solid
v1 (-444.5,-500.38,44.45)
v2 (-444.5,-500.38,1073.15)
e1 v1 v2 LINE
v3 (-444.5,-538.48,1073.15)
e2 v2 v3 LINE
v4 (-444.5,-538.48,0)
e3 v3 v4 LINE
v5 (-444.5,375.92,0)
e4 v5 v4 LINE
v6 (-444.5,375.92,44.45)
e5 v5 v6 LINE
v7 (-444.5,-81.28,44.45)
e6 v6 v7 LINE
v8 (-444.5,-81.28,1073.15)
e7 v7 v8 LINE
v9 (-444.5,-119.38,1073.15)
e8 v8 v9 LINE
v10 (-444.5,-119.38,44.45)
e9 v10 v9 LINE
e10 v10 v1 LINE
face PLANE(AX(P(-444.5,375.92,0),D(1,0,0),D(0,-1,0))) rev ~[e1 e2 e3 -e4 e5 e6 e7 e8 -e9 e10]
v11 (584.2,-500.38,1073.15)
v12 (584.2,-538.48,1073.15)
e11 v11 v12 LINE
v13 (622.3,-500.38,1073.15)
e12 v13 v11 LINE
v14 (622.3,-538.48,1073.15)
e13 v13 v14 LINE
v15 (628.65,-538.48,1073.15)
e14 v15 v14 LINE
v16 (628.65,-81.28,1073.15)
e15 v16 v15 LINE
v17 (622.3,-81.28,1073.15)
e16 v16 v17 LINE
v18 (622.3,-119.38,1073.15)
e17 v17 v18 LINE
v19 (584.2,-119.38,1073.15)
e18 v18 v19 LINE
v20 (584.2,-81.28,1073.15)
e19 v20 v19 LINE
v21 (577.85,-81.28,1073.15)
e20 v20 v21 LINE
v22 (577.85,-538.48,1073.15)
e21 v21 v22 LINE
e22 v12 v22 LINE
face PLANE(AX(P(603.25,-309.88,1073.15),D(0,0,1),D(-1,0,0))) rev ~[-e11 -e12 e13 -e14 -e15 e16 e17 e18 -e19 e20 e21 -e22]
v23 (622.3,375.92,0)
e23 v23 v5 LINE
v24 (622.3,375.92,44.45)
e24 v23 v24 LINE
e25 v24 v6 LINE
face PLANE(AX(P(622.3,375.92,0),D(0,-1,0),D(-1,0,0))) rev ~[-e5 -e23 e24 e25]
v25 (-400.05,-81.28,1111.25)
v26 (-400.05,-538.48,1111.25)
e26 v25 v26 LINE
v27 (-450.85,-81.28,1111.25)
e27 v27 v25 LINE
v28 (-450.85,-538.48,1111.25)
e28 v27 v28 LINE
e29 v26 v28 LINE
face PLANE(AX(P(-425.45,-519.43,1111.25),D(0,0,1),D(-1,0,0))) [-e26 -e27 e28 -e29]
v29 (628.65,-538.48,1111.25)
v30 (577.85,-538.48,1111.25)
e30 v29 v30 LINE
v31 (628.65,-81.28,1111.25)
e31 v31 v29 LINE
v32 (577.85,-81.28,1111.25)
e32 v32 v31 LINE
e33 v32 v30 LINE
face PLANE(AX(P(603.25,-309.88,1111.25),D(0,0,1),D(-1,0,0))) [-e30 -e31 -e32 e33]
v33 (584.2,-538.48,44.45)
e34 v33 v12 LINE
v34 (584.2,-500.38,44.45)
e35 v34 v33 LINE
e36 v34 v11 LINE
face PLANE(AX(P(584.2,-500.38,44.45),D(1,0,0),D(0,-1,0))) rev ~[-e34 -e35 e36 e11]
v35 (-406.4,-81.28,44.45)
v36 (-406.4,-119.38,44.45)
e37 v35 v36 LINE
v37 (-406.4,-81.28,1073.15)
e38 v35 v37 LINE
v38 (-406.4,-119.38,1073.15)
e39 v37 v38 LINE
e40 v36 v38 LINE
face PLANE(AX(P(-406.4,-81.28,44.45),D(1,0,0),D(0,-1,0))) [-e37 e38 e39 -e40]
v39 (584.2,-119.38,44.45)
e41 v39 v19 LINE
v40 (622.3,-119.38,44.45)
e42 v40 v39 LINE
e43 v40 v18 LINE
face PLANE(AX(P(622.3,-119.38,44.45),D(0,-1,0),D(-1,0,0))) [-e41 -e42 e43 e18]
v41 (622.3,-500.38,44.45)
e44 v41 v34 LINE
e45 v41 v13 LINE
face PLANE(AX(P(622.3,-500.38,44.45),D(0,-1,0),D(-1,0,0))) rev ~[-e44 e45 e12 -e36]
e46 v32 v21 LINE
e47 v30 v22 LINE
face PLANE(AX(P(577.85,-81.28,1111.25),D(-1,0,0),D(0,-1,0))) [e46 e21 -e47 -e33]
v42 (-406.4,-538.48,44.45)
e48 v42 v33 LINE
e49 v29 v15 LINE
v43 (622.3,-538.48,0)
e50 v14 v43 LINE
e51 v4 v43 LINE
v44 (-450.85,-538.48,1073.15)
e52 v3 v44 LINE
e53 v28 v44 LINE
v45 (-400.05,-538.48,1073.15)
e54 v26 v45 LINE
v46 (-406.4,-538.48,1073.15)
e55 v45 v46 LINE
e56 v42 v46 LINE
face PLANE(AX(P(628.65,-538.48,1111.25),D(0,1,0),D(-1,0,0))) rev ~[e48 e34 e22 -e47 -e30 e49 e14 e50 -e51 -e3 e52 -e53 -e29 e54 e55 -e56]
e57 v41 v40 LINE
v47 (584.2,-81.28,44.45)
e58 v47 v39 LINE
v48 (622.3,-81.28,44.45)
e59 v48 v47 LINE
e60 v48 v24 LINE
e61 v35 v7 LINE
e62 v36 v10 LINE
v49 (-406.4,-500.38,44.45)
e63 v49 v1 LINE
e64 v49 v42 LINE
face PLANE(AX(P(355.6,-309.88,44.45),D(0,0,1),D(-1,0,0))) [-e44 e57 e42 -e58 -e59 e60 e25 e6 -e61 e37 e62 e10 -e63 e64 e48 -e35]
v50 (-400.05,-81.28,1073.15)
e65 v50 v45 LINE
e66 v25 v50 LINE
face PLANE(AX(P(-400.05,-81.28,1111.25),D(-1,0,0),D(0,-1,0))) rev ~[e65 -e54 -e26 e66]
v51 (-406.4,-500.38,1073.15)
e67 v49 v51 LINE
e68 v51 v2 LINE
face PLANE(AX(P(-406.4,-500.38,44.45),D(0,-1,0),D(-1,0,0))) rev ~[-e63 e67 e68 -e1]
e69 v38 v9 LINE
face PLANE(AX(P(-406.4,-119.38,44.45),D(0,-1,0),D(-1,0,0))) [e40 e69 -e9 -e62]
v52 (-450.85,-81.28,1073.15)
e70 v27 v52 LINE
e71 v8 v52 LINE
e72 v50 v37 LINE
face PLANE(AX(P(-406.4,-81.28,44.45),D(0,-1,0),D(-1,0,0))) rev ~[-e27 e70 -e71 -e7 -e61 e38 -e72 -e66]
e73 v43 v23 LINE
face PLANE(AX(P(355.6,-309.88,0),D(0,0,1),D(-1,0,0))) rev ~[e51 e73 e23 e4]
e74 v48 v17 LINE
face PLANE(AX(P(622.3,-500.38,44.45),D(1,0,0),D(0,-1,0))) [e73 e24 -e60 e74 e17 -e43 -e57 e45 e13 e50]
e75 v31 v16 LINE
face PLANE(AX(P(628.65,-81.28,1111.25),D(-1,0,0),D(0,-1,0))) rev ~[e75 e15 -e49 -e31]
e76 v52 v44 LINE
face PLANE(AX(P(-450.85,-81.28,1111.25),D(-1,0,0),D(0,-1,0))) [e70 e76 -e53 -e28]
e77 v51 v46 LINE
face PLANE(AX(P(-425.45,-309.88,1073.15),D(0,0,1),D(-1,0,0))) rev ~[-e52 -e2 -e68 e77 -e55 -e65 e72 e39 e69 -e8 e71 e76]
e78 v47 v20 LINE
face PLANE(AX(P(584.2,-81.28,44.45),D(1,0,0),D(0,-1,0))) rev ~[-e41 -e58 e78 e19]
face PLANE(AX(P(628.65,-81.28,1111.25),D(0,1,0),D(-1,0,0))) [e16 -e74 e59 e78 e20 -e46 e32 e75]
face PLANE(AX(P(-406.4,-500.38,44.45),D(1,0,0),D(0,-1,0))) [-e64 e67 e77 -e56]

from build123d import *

# Parameters (mm, degrees)
F0_W     = 533.4
F0_H     = 457.2
F1_DEPTH = 44.45
F2_W     = 38.1
F2_H     = 38.1
F3_DEPTH = 1066.8
F4_W     = 50.8
F4_H     = 457.2
F5_DEPTH = 38.1
F6_ANGLE = 180


with BuildPart() as f1:
    # F0 (on Top) → F1 (new body)
    with BuildSketch(Plane.XY):
        with Locations((-266.7, 228.6)):
            Rectangle(F0_W, F0_H)
        with Locations((266.7, 228.6)):
            Rectangle(F0_W, F0_H)
        with Locations((-266.7, -228.6)):
            Rectangle(F0_W, F0_H)
        with Locations((266.7, -228.6)):
            Rectangle(F0_W, F0_H)
    extrude(amount=F1_DEPTH)

    # F2 (on face) → F3 (join)
    with BuildSketch(Plane.XY.offset(44.45)):
        with Locations((-514.35, 438.15)):
            Rectangle(F2_W, F2_H)
        with Locations((514.35, 438.15)):
            Rectangle(F2_W, F2_H)
        with Locations((-514.35, 19.05)):
            Rectangle(F2_W, F2_H)
        with Locations((514.35, 19.05)):
            Rectangle(F2_W, F2_H)
    extrude(amount=F3_DEPTH)

    # F4 (on face) → F5 (join)
    with BuildSketch(Plane.XY.offset(1111.25)):
        with Locations((-514.35, 228.6)):
            Rectangle(F4_W, F4_H)
        with Locations((514.35, 228.6)):
            Rectangle(F4_W, F4_H)
    extrude(amount=-F5_DEPTH)


with BuildPart() as f1_1:
    # F6: moved
    add(f1.part.rotate(Axis((-533.4, -457.2, 22.225), (0, 0, 1)), F6_ANGLE))


with BuildPart() as f1_2:
    # F7: moved
    add(f1_1.part.moved(Location((1155.7, 833.12, 0))))


solid = f1_2.part
